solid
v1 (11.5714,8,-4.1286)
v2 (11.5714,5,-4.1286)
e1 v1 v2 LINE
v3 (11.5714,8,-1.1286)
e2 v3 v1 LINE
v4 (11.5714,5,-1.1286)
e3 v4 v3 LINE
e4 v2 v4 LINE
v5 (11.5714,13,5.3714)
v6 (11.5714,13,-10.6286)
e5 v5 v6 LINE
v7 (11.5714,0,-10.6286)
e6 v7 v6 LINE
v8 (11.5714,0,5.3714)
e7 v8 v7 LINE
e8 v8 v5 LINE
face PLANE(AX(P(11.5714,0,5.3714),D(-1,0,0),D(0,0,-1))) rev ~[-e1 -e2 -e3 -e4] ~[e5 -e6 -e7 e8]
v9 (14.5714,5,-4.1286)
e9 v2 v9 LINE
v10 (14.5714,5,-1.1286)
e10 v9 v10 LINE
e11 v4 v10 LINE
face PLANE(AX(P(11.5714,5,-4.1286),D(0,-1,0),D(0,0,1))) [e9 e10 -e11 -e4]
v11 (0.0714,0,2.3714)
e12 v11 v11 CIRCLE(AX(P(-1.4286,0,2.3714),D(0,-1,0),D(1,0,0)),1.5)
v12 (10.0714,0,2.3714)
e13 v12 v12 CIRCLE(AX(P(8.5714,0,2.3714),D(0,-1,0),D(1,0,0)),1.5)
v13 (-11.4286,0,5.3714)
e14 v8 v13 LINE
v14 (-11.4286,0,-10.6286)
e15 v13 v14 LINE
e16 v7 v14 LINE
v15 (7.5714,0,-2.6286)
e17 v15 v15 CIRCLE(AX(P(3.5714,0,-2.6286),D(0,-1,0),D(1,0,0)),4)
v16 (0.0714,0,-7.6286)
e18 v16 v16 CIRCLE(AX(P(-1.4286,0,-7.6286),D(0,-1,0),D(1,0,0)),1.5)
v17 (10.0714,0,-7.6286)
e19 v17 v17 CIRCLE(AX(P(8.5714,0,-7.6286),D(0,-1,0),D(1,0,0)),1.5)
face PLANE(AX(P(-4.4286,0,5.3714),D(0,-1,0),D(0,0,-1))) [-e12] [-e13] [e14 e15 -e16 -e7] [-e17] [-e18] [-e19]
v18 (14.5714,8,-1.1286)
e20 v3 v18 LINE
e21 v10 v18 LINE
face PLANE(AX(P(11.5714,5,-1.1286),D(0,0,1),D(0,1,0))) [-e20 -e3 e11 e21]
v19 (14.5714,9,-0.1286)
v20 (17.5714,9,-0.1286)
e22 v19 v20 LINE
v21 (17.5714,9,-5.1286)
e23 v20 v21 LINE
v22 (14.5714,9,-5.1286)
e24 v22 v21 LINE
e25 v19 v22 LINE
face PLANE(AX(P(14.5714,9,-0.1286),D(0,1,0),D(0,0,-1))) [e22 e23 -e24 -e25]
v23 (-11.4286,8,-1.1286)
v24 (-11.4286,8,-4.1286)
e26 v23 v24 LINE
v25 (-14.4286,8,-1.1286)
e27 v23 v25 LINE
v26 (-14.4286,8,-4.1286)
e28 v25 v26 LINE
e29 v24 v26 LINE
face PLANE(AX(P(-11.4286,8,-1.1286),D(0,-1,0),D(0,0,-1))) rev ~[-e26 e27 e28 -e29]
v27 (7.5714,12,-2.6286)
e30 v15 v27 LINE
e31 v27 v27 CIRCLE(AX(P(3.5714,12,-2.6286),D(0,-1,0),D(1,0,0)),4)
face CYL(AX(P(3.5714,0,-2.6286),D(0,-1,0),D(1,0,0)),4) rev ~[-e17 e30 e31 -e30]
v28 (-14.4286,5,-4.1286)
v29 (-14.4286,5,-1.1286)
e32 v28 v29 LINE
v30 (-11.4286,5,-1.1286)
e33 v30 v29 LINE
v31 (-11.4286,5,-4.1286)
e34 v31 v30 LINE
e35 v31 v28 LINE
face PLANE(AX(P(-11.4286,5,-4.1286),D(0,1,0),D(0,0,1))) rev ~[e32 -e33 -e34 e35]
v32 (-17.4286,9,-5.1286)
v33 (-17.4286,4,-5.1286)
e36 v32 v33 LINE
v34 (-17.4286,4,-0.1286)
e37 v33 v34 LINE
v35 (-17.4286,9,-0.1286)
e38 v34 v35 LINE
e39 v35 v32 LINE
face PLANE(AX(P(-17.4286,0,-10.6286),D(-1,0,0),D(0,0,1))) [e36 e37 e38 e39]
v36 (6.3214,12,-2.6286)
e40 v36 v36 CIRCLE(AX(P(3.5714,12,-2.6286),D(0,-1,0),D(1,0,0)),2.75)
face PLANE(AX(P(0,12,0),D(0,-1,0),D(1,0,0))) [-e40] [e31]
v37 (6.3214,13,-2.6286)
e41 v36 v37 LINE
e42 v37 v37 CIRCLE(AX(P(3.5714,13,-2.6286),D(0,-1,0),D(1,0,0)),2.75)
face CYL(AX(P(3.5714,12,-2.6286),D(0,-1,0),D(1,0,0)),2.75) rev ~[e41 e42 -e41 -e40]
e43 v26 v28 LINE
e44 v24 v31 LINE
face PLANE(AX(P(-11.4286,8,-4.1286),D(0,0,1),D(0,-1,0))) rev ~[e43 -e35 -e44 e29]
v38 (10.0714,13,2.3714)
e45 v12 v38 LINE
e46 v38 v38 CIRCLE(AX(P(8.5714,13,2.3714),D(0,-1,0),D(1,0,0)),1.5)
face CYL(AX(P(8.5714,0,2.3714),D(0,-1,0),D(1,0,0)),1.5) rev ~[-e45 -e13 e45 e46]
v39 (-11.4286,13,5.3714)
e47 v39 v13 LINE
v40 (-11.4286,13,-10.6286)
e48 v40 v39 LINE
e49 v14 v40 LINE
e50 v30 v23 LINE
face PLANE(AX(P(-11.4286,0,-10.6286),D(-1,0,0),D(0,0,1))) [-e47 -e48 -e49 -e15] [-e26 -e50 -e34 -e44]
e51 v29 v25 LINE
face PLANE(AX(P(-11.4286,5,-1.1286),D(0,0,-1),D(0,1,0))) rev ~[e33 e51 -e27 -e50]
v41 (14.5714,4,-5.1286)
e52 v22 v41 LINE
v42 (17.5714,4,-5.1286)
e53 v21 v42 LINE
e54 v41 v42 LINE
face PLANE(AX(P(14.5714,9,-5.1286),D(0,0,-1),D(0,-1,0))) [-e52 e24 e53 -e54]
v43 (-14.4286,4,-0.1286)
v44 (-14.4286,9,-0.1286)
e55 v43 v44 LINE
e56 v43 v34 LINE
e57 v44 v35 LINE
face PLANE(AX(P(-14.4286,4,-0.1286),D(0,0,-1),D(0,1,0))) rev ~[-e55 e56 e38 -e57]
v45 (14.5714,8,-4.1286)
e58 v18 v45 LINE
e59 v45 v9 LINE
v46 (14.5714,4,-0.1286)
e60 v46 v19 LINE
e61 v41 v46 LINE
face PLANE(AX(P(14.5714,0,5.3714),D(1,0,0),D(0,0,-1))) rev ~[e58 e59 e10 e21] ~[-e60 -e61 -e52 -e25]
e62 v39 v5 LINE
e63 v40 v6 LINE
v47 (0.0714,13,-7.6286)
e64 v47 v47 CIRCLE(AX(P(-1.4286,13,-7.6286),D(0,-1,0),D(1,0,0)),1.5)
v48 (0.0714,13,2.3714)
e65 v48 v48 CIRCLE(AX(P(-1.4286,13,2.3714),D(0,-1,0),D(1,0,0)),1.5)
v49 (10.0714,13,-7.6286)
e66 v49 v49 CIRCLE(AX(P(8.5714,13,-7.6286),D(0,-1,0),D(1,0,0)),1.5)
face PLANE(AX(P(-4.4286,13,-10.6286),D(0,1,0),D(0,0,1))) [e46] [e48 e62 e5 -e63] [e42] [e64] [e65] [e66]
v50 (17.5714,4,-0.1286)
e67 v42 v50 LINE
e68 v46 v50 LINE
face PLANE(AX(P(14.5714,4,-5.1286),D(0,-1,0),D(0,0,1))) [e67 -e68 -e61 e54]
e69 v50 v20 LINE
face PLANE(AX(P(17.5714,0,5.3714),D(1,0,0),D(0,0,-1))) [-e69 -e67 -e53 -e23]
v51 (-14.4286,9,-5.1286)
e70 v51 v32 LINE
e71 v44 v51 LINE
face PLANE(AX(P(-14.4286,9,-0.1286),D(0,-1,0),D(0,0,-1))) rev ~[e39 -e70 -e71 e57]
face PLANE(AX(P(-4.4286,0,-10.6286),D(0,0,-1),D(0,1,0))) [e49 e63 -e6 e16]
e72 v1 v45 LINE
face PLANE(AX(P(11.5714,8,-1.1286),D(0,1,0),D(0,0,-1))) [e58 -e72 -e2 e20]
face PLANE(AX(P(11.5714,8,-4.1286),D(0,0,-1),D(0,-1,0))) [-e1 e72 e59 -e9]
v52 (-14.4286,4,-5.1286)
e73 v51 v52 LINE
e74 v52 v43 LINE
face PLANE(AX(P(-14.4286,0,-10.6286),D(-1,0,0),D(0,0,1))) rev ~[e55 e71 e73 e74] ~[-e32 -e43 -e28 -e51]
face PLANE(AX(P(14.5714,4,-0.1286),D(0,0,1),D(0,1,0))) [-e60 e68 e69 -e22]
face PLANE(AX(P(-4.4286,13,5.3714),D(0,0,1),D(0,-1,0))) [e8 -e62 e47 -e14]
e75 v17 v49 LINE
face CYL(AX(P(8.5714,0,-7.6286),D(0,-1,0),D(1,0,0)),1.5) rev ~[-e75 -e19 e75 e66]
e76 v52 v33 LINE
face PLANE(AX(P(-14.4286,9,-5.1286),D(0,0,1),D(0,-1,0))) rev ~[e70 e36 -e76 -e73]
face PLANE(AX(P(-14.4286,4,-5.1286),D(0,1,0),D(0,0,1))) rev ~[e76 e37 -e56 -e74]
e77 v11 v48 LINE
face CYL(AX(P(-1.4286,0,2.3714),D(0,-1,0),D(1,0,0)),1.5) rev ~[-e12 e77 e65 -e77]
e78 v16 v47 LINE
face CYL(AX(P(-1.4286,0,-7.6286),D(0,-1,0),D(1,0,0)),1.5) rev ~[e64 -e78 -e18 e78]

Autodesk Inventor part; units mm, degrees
ref_plane "YZ Plane" through (0, 0, 0) normal (1, 0, 0) x (0, 1, 0)
ref_plane "XZ Plane" through (0, 0, 0) normal (0, 1, 0) x (-1, 0, 0)
ref_plane "XY Plane" through (0, 0, 0) normal (0, 0, 1) x (1, 0, 0)
sketch "Esquisse1" plane through (0, 0, 0) normal (0, 1, 0) x (-1, 0, 0)
  line L0 (4.4286, 5.3714) -> (-11.5714, 5.3714)
  line L1 (-11.5714, 5.3714) -> (-11.5714, -10.6286)
  line L2 (-11.5714, -10.6286) -> (4.4286, -10.6286)
  line L3 (4.4286, -10.6286) -> (4.4286, 5.3714)
  point P0 (0, 0)
  dimension "d0" = 16
  dimension "d1" = 16
extrude "Extrusion1" add sketch "Esquisse1" along normal blind 13
sketch "Esquisse2" plane through (0, 0, 0) normal (0, -1, 0) x (1, 0, 0)
  circle A0 centre (3.5714, -2.6286) radius 4
  line L0 (-4.4286, 5.3714) -> (11.5714, 5.3714) projected
  line L1 (11.5714, 5.3714) -> (11.5714, -10.6286) projected
  point P0 (0, 0)
  dimension "d4" = 8
  dimension "d5" = 8
  dimension "d6" = 8
extrude "Extrusion2" cut sketch "Esquisse2" against normal blind 12
sketch "Esquisse3" plane through (3.5714, 12, -2.6286) normal (0, -1, 0) x (1, 0, 0)
  circle A0 centre (0, 0) radius 2.75
  line L0 (8, -8) -> (-8, -8) projected
  line L1 (8, 8) -> (8, -8) projected
  point P0 (-3.5714, 2.6286)
  dimension "d9" = 5.5
  dimension "d10" = 8
  dimension "d11" = 8
extrude "Extrusion3" cut sketch "Esquisse3" against normal through all
sketch "Esquisse4" plane through (0, 0, 0) normal (0, -1, 0) x (1, 0, 0)
  circle A0 centre (8.5714, 2.3714) radius 1.5
  circle A1 centre (-1.4286, 2.3714) radius 1.5
  circle A2 centre (-1.4286, -7.6286) radius 1.5
  circle A3 centre (8.5714, -7.6286) radius 1.5
  line L0 (-4.4286, -10.6286) -> (-4.4286, 5.3714) projected
  line L1 (-4.4286, 5.3714) -> (11.5714, 5.3714) projected
  line L2 (11.5714, 5.3714) -> (11.5714, -10.6286) projected
  line L3 (11.5714, -10.6286) -> (-4.4286, -10.6286) projected
  point P0 (0, 0)
  dimension "d14" = 3
  dimension "d15" = 3
  dimension "d16" = 3
  dimension "d17" = 3
  dimension "d19" = 3
  dimension "d20" = 3
  dimension "d21" = 3
  dimension "d22" = 3
  dimension "d23" = 3
  dimension "d24" = 3
  dimension "d25" = 3
  dimension "d26" = 3
extrude "Extrusion4" cut sketch "Esquisse4" against normal through all contours A0 | A1 | A2 | A3
sketch "Esquisse6" plane through (11.5714, 0, 5.3714) normal (1, 0, 0) x (0, 0, -1)
  line L0 (6.5, 8) -> (9.5, 8)
  line L1 (9.5, 8) -> (9.5, 5)
  line L2 (9.5, 5) -> (6.5, 5)
  line L3 (6.5, 5) -> (6.5, 8)
  line L4 (0, 0) -> (0, 13) projected
  line L5 (0, 13) -> (16, 13) projected
  point P0 (5.3714, 0)
  dimension "d29" = 3
  dimension "d30" = 3
  dimension "d31" = 6.5
  dimension "d32" = 5
extrude "Extrusion5" add sketch "Esquisse6" along normal blind 3
sketch "Esquisse7" plane through (14.5714, 0, 5.3714) normal (1, 0, 0) x (0, 0, -1)
  line L0 (5.5, 9) -> (10.5, 9)
  line L1 (10.5, 9) -> (10.5, 4)
  line L2 (10.5, 4) -> (5.5, 4)
  line L3 (5.5, 4) -> (5.5, 9)
  line L4 (0, 13) -> (16, 13) projected
  line L5 (0, 0) -> (0, 13) projected
  point P0 (5.3714, 0)
  dimension "d35" = 5
  dimension "d36" = 5
  dimension "d37" = 4
  dimension "d38" = 5.5
extrude "Extrusion6" add sketch "Esquisse7" along normal blind 3
sketch "Esquisse8" plane through (-4.4286, 0, -10.6286) normal (-1, 0, 0) x (0, 0, 1)
  line L0 (0, 0) -> (0, 13) projected
  line L1 (0, 13) -> (16, 13)
  line L2 (16, 13) -> (16, 0)
  line L3 (16, 0) -> (0, 0)
  line L4 (0, 0) -> (0, 13)
  point P0 (10.6286, 0)
extrude "Extrusion7" add sketch "Esquisse8" along normal blind 7
sketch "Esquisse9" plane through (-11.4286, 0, -10.6286) normal (-1, 0, 0) x (0, 0, 1)
  line L0 (9.5, 8) -> (6.5, 8)
  line L1 (6.5, 8) -> (6.5, 5)
  line L2 (6.5, 5) -> (9.5, 5)
  line L3 (9.5, 5) -> (9.5, 8)
  line L4 (16, 0) -> (16, 13) projected
  line L5 (16, 13) -> (0, 13) projected
  point P0 (10.6286, 0)
  dimension "d43" = 6.5
  dimension "d44" = 5
  dimension "d45" = 3
  dimension "d46" = 3
extrude "Extrusion8" add sketch "Esquisse9" along normal blind 3
sketch "Esquisse10" plane through (-14.4286, 0, -10.6286) normal (-1, 0, 0) x (0, 0, 1)
  line L0 (10.5, 9) -> (5.5, 9)
  line L1 (5.5, 9) -> (5.5, 4)
  line L2 (5.5, 4) -> (10.5, 4)
  line L3 (10.5, 4) -> (10.5, 9)
  line L4 (16, 0) -> (16, 13) projected
  line L5 (0, 0) -> (16, 0) projected
  point P0 (10.6286, 0)
  dimension "d49" = 5.5
  dimension "d50" = 4
  dimension "d51" = 5
  dimension "d52" = 5
extrude "Extrusion9" add sketch "Esquisse10" along normal blind 3
properties part number "capuchon_roulement_8mm"
